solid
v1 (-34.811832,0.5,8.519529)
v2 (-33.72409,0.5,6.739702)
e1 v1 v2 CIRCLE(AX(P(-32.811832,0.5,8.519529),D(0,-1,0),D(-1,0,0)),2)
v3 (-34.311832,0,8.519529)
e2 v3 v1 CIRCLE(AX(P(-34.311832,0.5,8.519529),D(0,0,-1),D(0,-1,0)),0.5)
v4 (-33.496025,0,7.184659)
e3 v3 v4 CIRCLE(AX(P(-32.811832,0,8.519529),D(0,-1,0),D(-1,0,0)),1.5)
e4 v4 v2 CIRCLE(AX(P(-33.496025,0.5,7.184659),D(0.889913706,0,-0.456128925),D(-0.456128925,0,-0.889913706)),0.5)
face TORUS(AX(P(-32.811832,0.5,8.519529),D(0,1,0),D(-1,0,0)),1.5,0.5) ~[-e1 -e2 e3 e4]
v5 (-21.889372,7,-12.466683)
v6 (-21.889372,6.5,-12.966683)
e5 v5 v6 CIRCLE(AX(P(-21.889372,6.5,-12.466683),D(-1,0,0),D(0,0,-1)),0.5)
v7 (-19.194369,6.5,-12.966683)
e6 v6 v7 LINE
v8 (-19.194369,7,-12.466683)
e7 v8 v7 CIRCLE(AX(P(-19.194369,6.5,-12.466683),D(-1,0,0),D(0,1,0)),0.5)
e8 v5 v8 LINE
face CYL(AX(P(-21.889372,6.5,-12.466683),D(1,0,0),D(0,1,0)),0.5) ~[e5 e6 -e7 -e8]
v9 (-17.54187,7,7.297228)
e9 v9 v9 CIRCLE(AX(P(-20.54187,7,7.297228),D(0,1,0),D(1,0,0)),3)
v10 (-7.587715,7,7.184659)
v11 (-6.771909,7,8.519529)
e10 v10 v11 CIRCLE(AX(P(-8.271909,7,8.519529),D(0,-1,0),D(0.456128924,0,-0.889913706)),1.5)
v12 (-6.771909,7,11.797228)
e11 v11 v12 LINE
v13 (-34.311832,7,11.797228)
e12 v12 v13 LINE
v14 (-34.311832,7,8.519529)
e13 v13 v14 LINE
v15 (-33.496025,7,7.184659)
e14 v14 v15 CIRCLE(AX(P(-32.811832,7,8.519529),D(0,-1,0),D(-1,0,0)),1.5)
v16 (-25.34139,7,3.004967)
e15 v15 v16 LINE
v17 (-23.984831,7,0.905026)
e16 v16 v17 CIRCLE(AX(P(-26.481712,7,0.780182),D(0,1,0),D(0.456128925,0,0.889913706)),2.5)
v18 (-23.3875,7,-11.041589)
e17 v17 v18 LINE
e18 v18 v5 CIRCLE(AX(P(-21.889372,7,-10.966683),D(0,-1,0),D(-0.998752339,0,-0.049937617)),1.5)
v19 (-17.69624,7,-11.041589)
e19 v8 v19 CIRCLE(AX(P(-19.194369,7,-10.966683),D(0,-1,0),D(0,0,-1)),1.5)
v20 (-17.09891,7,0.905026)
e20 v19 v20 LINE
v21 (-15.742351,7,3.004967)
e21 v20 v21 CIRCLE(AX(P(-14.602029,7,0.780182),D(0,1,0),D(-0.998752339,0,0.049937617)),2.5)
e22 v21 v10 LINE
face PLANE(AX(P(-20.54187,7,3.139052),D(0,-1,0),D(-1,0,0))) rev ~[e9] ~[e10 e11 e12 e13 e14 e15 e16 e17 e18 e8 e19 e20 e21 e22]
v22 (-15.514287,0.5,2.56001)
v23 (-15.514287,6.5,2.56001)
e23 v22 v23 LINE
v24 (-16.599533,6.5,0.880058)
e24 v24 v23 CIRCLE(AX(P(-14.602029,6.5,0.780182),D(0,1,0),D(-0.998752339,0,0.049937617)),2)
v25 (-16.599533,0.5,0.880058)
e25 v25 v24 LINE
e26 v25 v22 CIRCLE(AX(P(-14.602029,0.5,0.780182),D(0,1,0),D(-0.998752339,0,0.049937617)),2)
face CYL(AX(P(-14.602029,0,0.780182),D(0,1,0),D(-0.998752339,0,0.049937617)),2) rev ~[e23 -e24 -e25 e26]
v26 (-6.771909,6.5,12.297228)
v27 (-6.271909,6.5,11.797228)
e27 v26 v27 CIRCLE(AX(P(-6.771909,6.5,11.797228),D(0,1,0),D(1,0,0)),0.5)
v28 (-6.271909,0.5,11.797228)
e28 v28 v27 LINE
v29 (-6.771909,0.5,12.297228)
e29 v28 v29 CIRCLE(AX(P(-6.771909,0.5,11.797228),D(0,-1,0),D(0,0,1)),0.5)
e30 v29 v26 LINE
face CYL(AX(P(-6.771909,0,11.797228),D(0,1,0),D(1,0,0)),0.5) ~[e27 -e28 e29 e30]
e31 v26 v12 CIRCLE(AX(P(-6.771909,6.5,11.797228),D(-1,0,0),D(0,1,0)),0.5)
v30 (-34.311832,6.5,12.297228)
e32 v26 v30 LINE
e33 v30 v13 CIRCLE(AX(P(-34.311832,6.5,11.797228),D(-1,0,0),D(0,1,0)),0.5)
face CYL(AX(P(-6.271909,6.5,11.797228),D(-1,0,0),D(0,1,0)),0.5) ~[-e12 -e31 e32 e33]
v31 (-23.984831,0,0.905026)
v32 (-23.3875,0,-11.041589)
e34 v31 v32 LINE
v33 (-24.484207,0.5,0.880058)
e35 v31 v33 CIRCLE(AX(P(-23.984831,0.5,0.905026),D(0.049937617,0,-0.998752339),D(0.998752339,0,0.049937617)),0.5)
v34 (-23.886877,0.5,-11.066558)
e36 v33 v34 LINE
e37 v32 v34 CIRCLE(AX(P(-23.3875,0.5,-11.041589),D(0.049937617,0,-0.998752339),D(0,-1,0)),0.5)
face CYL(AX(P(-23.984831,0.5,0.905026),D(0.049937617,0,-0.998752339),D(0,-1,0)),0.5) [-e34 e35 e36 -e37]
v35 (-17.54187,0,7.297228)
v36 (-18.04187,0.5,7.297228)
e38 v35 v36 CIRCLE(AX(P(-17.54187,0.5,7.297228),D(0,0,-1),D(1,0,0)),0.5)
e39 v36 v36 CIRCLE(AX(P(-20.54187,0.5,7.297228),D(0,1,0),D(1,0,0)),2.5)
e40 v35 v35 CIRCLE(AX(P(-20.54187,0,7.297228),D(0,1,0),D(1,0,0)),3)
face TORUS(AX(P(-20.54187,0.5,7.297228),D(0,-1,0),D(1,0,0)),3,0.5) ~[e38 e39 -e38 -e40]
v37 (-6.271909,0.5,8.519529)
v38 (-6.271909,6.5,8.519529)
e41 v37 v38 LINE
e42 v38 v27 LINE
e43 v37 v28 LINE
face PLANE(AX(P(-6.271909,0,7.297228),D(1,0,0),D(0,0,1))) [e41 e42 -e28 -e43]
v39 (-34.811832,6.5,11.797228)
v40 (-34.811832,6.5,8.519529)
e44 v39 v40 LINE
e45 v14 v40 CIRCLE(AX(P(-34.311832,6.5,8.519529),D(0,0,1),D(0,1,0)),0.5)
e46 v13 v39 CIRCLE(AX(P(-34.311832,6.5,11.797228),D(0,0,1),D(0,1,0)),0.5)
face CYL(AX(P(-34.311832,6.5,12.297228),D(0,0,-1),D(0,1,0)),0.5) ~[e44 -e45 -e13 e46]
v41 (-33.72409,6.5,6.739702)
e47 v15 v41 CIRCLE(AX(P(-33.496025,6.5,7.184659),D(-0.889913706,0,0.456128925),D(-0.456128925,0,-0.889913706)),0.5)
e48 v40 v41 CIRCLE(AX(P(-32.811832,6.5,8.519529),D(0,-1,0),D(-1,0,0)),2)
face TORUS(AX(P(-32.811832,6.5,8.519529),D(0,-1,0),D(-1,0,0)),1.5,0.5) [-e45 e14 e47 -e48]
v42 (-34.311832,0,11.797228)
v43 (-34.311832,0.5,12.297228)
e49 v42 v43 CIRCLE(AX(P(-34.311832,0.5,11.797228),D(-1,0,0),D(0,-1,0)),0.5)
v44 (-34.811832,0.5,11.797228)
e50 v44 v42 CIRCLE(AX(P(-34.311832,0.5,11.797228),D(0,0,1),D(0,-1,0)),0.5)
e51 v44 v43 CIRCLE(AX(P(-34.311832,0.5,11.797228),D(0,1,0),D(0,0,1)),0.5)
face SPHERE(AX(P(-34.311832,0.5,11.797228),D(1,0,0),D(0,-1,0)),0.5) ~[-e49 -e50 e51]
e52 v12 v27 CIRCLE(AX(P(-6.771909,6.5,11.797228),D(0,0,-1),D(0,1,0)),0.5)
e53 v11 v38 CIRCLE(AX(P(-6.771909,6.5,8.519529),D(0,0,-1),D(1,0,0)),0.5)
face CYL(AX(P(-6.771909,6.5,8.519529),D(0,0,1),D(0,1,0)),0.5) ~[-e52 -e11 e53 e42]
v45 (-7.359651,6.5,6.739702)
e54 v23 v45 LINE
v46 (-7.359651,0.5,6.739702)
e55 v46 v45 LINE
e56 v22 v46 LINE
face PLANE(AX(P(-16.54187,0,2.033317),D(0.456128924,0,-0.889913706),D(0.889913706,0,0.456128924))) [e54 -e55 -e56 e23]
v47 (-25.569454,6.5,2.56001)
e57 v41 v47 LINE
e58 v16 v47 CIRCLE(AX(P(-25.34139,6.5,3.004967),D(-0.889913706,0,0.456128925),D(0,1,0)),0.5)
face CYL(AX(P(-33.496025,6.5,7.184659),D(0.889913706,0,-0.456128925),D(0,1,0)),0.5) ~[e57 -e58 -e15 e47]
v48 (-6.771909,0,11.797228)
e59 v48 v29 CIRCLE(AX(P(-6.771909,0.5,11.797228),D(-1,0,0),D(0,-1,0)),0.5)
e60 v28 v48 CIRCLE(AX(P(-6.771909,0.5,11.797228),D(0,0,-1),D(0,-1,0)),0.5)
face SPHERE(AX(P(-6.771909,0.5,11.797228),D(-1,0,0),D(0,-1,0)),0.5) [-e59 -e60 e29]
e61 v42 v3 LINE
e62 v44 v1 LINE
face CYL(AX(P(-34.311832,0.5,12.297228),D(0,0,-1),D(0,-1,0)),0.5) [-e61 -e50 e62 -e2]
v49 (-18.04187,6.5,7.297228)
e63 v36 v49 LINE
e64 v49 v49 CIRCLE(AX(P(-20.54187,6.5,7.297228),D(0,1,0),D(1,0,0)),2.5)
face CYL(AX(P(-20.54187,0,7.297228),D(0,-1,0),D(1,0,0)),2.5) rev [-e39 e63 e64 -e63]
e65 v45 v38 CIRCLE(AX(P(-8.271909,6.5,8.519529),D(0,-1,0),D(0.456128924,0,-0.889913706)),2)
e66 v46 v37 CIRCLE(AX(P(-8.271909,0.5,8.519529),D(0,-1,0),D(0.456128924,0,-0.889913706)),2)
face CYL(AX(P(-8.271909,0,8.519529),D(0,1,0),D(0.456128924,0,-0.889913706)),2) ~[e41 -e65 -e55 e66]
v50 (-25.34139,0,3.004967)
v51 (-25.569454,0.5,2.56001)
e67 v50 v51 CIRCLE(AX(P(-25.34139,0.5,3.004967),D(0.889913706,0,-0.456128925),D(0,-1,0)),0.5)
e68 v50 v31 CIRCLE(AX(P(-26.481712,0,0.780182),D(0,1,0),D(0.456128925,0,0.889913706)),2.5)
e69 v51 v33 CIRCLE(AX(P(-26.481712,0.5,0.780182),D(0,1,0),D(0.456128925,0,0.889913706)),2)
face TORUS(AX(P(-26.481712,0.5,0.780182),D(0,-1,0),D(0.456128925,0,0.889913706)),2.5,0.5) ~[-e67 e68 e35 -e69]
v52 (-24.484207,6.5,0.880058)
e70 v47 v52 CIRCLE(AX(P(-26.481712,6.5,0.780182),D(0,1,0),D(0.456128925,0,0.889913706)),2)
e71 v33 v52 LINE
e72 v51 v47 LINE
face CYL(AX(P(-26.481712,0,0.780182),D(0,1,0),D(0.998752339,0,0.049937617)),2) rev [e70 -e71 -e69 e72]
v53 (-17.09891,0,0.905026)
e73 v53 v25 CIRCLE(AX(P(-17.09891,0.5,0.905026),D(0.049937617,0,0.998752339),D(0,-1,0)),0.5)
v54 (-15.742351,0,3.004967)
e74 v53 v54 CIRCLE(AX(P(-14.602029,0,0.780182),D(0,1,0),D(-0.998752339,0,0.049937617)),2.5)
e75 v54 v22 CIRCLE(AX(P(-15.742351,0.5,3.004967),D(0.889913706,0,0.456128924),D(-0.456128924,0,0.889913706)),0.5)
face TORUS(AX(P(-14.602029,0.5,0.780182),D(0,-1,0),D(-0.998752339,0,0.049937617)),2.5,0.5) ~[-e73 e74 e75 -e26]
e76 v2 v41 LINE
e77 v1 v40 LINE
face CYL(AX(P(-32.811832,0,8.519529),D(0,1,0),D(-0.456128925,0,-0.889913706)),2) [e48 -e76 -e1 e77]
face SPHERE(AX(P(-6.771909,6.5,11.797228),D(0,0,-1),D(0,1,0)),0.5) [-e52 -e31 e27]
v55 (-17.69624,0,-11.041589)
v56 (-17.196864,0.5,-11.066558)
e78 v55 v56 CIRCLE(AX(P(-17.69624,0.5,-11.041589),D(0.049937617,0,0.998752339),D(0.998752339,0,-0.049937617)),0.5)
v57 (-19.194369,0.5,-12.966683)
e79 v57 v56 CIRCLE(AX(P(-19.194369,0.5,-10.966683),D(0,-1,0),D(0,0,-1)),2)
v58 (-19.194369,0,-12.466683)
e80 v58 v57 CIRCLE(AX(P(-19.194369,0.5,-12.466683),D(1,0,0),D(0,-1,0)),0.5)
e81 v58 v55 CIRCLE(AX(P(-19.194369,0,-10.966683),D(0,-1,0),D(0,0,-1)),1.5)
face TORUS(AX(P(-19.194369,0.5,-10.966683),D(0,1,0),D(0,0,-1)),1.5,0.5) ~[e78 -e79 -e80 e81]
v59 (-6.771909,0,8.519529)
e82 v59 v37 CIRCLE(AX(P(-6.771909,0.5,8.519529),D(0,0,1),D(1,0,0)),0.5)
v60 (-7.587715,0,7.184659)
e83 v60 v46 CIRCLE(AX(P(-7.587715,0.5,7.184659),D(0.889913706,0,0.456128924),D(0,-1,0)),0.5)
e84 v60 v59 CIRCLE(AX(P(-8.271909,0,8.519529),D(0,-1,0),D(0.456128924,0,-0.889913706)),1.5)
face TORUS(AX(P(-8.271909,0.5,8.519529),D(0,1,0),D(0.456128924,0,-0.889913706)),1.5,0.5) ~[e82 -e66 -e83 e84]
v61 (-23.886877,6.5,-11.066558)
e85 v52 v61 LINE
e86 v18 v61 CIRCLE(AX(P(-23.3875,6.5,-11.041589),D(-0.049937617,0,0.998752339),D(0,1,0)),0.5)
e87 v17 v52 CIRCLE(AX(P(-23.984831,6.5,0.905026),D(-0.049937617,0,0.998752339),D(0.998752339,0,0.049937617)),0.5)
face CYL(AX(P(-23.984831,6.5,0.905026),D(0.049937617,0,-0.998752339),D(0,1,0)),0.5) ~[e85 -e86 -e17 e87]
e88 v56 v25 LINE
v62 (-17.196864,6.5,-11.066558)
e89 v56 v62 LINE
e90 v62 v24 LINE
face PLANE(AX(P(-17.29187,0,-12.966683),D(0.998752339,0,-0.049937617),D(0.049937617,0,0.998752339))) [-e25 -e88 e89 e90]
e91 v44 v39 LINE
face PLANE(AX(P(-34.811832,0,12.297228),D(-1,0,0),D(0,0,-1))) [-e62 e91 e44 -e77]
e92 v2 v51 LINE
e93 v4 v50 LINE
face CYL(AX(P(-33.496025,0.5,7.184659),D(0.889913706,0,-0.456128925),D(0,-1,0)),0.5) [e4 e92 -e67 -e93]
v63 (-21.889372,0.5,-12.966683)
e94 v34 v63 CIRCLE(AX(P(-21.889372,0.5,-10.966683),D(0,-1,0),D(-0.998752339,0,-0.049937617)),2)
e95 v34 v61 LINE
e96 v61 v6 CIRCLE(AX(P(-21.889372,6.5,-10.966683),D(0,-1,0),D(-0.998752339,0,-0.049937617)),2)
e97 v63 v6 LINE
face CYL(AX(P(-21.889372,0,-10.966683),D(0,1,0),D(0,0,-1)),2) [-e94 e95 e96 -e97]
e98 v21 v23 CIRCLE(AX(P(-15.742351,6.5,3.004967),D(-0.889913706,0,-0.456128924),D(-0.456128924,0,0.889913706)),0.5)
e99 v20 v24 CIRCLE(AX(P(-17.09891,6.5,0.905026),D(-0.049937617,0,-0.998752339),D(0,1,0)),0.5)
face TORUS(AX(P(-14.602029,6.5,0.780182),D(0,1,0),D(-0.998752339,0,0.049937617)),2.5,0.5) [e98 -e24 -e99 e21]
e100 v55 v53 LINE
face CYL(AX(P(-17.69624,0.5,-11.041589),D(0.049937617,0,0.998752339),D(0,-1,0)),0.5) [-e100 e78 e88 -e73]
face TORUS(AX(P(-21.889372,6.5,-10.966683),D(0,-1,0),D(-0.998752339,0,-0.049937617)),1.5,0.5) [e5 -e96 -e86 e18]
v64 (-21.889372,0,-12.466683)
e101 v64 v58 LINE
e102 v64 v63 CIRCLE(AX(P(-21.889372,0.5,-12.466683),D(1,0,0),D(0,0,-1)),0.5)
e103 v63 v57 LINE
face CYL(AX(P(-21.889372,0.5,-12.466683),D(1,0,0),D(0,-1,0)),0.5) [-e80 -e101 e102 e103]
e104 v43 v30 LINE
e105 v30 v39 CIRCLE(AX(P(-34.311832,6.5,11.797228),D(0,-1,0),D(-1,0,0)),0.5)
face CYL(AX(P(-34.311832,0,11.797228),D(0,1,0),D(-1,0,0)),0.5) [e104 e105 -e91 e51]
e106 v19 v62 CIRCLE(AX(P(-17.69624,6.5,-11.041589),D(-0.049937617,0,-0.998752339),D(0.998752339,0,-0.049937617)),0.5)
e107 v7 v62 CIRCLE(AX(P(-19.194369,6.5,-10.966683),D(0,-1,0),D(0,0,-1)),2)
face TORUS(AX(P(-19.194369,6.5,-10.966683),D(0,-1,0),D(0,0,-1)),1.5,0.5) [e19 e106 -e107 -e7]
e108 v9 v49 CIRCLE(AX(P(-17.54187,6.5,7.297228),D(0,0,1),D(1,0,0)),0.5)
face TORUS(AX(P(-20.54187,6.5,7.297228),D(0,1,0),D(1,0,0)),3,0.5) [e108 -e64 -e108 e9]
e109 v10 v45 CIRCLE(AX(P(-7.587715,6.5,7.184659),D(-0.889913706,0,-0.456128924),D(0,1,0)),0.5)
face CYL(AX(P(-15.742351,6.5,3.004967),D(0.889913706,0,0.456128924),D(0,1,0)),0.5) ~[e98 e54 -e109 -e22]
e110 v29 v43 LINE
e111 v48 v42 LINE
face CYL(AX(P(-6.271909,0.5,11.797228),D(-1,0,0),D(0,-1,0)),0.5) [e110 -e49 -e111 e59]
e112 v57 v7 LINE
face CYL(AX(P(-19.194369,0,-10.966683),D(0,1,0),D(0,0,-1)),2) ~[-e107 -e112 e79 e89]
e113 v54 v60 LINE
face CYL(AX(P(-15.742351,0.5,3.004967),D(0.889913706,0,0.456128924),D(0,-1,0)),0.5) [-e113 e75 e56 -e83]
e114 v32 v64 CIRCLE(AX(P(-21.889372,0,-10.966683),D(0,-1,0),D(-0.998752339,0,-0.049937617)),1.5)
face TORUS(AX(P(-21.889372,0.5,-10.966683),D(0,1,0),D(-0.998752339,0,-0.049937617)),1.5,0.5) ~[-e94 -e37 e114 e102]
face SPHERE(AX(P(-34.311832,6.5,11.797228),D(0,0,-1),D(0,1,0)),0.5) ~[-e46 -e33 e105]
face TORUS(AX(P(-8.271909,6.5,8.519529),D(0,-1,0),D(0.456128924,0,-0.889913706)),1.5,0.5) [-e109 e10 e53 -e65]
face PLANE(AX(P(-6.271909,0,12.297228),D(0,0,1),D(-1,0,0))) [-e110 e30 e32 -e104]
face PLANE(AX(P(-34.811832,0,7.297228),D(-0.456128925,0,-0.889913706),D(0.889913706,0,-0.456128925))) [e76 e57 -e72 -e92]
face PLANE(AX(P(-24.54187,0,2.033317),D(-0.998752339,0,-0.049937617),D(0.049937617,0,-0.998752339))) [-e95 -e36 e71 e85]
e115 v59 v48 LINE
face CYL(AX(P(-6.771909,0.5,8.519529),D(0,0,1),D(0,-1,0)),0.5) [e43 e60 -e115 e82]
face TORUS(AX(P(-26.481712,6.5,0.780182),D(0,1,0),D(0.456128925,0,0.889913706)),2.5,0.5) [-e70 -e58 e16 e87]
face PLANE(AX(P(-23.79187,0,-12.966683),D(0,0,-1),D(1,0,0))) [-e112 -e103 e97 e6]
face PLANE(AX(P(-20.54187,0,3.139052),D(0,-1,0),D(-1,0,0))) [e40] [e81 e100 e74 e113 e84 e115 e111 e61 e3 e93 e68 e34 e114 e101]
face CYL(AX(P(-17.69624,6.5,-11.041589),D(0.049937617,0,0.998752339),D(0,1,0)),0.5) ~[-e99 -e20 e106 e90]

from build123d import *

# Parameters (mm, degrees)
SKETCH1_R           = 2.5
BOSS_EXTRUDE1_DEPTH = 7
FILLET1_R           = 2
FILLET2_R           = 0.5


with BuildPart() as part:
    # Sketch1 → Boss-Extrude1 (new body)
    with BuildSketch(Plane(origin=(0, 0, 0), x_dir=(1, 0, 0), z_dir=(0, 1, 0))):
        Polygon((-23.791870344, 12.96668262), (-17.291870344, 12.96668262), (-16.541870344, -2.03331738), (-6.271908742, -7.297228373), (-6.271908742, -12.297228373), (-34.811831945, -12.297228373), (-34.811831945, -7.297228373), (-24.541870344, -2.03331738), align=None)
        with Locations((-20.541870344, -7.297228373)):
            Circle(SKETCH1_R, mode=Mode.SUBTRACT)
    extrude(amount=BOSS_EXTRUDE1_DEPTH)

    # Fillet1
    fillet1_edges = [part.edges().sort_by_distance(p)[0] for p in [
        (-23.791870344, 3.5, -12.96668262),
        (-17.291870344, 3.5, -12.96668262),
        (-16.541870344, 3.5, 2.03331738),
        (-6.271908742, 3.5, 7.297228373),
        (-34.811831945, 3.5, 7.297228373),
        (-24.541870344, 3.5, 2.03331738),
    ]]
    fillet(fillet1_edges, radius=FILLET1_R)

    # Fillet2
    fillet2_edges = [part.edges().sort_by_distance(p)[0] for p in [
        (-20.541870344, 0, 12.297228373),
        (-34.811831945, 7, 10.408378726),
        (-34.811831945, 0, 10.408378726),
        (-20.541870344, 7, 12.297228373),
        (-6.271908742, 3.5, 12.297228373),
        (-34.811831945, 3.5, 12.297228373),
        (-11.436968701, 0, 4.649855681),
        (-11.436968701, 7, 4.649855681),
        (-24.185541966, 0, -5.093250169),
        (-20.541870344, 0, -12.96668262),
        (-16.898198721, 0, -5.093250169),
        (-6.271908742, 0, 10.408378726),
        (-29.646771987, 0, 4.649855681),
        (-17.815918651, 0, -12.415777246),
        (-23.267822036, 0, -12.415777246),
        (-34.518365815, 0, 7.476580302),
        (-6.565374872, 0, 7.476580302),
        (-6.271908742, 7, 10.408378726),
        (-23.041870344, 7, 7.297228373),
        (-24.185541966, 7, -5.093250169),
        (-29.646771987, 7, 4.649855681),
        (-16.898198721, 7, -5.093250169),
        (-20.541870344, 7, -12.96668262),
        (-17.815918651, 7, -12.415777246),
        (-23.267822036, 7, -12.415777246),
        (-34.518365815, 7, 7.476580302),
        (-6.565374872, 7, 7.476580302),
        (-16.281980837, 0, 1.865429111),
        (-16.281980837, 7, 1.865429111),
        (-24.80175985, 0, 1.865429111),
        (-24.80175985, 7, 1.865429111),
        (-23.041870344, 0, 7.297228373),
    ]]
    fillet(fillet2_edges, radius=FILLET2_R)


solid = part.part
